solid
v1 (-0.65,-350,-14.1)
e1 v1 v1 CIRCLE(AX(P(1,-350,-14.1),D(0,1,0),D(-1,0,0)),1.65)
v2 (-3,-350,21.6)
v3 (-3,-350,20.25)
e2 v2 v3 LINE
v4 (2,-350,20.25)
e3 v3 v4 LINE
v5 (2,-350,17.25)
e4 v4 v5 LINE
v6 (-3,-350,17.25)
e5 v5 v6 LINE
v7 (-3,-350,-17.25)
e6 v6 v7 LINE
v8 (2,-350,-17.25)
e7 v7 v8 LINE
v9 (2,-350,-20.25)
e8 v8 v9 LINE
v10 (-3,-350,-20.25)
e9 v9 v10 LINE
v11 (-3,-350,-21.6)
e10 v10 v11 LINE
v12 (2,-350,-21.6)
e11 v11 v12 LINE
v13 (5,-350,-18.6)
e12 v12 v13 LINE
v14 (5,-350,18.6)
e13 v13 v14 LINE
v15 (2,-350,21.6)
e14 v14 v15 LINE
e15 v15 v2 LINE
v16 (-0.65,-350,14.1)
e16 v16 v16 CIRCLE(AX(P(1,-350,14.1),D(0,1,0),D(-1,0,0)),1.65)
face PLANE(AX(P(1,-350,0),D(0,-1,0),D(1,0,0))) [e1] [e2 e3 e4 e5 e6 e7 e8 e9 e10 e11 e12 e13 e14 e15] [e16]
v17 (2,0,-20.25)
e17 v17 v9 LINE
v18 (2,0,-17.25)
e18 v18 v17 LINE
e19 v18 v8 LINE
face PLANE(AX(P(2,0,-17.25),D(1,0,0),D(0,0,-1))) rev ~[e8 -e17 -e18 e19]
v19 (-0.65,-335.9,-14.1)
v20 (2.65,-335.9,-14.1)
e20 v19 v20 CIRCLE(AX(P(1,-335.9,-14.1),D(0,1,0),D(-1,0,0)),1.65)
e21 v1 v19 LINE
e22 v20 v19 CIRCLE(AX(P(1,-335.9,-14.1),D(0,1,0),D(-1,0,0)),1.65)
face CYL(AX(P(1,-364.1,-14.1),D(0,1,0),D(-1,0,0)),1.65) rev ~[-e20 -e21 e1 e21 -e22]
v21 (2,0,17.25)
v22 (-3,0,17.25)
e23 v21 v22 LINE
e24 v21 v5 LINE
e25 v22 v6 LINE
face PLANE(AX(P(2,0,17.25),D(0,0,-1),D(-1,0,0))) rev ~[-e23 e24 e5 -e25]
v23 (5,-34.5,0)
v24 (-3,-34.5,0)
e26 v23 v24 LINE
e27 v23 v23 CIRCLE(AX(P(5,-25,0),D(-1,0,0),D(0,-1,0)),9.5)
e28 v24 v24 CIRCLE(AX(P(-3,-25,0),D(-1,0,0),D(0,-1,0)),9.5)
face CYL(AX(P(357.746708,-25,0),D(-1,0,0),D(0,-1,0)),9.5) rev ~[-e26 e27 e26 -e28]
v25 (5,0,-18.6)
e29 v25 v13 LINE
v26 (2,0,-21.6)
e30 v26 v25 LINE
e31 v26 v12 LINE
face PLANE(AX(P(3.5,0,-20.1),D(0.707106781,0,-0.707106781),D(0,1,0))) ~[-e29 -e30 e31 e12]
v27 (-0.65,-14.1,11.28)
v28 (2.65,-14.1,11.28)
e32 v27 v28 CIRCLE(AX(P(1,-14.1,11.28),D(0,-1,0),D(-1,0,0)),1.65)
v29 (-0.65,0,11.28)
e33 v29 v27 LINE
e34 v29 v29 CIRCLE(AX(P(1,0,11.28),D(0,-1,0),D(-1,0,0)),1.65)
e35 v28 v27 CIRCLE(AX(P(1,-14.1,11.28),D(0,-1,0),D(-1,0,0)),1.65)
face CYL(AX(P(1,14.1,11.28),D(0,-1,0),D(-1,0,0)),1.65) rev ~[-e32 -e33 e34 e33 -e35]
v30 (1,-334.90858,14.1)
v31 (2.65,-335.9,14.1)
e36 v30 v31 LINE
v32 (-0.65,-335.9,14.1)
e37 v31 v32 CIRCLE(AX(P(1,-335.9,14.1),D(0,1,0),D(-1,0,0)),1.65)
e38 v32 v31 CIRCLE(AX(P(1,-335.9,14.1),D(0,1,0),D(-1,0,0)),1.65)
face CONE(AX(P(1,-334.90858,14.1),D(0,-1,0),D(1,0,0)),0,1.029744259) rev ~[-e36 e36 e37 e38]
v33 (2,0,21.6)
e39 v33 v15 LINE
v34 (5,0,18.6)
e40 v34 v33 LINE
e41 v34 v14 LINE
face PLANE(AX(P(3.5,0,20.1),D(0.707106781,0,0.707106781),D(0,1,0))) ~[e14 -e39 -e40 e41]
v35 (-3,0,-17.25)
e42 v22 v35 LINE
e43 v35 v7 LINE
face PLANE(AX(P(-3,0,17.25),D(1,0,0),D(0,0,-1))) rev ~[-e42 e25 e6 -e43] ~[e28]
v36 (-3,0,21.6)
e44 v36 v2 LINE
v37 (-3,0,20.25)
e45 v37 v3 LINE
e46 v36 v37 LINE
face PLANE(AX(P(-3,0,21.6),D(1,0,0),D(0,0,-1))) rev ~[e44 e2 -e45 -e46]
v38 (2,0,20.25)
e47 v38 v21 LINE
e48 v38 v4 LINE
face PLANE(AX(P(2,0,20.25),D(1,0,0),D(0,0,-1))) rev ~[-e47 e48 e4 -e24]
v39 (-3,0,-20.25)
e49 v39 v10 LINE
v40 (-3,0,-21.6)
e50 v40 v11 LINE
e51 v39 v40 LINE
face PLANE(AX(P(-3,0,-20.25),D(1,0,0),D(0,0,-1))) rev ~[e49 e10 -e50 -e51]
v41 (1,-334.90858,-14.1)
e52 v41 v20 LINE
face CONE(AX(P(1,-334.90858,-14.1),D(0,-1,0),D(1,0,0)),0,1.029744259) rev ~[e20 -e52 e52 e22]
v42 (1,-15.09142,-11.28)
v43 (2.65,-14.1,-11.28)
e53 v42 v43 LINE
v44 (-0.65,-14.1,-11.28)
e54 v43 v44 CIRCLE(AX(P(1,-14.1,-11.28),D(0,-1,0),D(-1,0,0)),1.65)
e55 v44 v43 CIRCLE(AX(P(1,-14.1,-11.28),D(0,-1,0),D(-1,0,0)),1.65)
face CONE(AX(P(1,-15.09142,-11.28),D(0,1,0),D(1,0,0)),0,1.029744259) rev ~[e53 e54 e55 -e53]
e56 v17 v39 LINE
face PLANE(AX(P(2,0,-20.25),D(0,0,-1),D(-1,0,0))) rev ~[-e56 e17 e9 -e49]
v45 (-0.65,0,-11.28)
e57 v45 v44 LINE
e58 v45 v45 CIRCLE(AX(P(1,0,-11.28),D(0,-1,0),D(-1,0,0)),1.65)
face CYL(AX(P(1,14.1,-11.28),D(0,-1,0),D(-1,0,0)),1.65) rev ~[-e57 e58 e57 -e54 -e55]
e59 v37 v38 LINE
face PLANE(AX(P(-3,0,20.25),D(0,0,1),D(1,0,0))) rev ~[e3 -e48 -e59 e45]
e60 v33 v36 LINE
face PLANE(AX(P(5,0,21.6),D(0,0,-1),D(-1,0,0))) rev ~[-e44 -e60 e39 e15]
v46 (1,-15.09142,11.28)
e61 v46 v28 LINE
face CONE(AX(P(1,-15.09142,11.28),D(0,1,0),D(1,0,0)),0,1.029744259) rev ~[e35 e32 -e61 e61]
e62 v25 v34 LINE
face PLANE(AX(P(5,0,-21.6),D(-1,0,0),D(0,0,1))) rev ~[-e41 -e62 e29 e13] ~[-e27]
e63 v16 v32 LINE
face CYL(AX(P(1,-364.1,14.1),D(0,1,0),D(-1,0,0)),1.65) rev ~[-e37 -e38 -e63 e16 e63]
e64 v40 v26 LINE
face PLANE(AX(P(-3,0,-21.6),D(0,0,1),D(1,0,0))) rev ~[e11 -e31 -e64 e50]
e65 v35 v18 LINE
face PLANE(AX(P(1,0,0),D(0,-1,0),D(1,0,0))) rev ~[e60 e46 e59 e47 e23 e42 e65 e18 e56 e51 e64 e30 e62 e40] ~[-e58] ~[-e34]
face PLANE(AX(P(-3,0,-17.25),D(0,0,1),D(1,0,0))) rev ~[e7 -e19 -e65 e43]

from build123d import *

# Parameters (mm, degrees)
F1_DEPTH = 350
F2_SIZE  = 3
F4_D     = 19
F6_D     = 3.3
F6_DEPTH = 14.1
F6_TIP   = 0.9914200214
F8_D     = 3.3
F8_DEPTH = 14.1
F8_TIP   = 0.9914200214


with BuildPart() as f1:
    # F0 (on Front) → F1 (new body)
    with BuildSketch(Plane.XZ):
        Polygon((2, 17.25), (-3, 17.25), (-3, -17.25), (2, -17.25), (2, -20.25), (-3, -20.25), (-3, -21.6), (5, -21.6), (5, 21.6), (-3, 21.6), (-3, 20.25), (2, 20.25), align=None)
    extrude(amount=F1_DEPTH)

    # F2
    f2_edges = [f1.edges().sort_by_distance(p)[0] for p in [
        (5, -175, -21.6),
        (5, -175, 21.6),
    ]]
    chamfer(f2_edges, length=F2_SIZE)

    # F4 (through all)
    with Locations(Plane.YZ.offset(5)):
        with Locations((-25, 0)):
            Hole(F4_D / 2)

    # F6
    with Locations(Plane(origin=(0, 0, 0), x_dir=(1, 0, 0), z_dir=(0, 1, 0))):
        with Locations((1, -11.28), (1, 11.28)):
            Hole(F6_D / 2, depth=F6_DEPTH)
            with Locations((0, 0, -(F6_DEPTH + F6_TIP / 2))):  # 118° drill point
                Cone(0, F6_D / 2, F6_TIP, mode=Mode.SUBTRACT)

    # F8
    with Locations(Plane.XZ.offset(350)):
        with Locations((1, 14.1), (1, -14.1)):
            Hole(F8_D / 2, depth=F8_DEPTH)
            with Locations((0, 0, -(F8_DEPTH + F8_TIP / 2))):  # 118° drill point
                Cone(0, F8_D / 2, F8_TIP, mode=Mode.SUBTRACT)


solid = f1.part
